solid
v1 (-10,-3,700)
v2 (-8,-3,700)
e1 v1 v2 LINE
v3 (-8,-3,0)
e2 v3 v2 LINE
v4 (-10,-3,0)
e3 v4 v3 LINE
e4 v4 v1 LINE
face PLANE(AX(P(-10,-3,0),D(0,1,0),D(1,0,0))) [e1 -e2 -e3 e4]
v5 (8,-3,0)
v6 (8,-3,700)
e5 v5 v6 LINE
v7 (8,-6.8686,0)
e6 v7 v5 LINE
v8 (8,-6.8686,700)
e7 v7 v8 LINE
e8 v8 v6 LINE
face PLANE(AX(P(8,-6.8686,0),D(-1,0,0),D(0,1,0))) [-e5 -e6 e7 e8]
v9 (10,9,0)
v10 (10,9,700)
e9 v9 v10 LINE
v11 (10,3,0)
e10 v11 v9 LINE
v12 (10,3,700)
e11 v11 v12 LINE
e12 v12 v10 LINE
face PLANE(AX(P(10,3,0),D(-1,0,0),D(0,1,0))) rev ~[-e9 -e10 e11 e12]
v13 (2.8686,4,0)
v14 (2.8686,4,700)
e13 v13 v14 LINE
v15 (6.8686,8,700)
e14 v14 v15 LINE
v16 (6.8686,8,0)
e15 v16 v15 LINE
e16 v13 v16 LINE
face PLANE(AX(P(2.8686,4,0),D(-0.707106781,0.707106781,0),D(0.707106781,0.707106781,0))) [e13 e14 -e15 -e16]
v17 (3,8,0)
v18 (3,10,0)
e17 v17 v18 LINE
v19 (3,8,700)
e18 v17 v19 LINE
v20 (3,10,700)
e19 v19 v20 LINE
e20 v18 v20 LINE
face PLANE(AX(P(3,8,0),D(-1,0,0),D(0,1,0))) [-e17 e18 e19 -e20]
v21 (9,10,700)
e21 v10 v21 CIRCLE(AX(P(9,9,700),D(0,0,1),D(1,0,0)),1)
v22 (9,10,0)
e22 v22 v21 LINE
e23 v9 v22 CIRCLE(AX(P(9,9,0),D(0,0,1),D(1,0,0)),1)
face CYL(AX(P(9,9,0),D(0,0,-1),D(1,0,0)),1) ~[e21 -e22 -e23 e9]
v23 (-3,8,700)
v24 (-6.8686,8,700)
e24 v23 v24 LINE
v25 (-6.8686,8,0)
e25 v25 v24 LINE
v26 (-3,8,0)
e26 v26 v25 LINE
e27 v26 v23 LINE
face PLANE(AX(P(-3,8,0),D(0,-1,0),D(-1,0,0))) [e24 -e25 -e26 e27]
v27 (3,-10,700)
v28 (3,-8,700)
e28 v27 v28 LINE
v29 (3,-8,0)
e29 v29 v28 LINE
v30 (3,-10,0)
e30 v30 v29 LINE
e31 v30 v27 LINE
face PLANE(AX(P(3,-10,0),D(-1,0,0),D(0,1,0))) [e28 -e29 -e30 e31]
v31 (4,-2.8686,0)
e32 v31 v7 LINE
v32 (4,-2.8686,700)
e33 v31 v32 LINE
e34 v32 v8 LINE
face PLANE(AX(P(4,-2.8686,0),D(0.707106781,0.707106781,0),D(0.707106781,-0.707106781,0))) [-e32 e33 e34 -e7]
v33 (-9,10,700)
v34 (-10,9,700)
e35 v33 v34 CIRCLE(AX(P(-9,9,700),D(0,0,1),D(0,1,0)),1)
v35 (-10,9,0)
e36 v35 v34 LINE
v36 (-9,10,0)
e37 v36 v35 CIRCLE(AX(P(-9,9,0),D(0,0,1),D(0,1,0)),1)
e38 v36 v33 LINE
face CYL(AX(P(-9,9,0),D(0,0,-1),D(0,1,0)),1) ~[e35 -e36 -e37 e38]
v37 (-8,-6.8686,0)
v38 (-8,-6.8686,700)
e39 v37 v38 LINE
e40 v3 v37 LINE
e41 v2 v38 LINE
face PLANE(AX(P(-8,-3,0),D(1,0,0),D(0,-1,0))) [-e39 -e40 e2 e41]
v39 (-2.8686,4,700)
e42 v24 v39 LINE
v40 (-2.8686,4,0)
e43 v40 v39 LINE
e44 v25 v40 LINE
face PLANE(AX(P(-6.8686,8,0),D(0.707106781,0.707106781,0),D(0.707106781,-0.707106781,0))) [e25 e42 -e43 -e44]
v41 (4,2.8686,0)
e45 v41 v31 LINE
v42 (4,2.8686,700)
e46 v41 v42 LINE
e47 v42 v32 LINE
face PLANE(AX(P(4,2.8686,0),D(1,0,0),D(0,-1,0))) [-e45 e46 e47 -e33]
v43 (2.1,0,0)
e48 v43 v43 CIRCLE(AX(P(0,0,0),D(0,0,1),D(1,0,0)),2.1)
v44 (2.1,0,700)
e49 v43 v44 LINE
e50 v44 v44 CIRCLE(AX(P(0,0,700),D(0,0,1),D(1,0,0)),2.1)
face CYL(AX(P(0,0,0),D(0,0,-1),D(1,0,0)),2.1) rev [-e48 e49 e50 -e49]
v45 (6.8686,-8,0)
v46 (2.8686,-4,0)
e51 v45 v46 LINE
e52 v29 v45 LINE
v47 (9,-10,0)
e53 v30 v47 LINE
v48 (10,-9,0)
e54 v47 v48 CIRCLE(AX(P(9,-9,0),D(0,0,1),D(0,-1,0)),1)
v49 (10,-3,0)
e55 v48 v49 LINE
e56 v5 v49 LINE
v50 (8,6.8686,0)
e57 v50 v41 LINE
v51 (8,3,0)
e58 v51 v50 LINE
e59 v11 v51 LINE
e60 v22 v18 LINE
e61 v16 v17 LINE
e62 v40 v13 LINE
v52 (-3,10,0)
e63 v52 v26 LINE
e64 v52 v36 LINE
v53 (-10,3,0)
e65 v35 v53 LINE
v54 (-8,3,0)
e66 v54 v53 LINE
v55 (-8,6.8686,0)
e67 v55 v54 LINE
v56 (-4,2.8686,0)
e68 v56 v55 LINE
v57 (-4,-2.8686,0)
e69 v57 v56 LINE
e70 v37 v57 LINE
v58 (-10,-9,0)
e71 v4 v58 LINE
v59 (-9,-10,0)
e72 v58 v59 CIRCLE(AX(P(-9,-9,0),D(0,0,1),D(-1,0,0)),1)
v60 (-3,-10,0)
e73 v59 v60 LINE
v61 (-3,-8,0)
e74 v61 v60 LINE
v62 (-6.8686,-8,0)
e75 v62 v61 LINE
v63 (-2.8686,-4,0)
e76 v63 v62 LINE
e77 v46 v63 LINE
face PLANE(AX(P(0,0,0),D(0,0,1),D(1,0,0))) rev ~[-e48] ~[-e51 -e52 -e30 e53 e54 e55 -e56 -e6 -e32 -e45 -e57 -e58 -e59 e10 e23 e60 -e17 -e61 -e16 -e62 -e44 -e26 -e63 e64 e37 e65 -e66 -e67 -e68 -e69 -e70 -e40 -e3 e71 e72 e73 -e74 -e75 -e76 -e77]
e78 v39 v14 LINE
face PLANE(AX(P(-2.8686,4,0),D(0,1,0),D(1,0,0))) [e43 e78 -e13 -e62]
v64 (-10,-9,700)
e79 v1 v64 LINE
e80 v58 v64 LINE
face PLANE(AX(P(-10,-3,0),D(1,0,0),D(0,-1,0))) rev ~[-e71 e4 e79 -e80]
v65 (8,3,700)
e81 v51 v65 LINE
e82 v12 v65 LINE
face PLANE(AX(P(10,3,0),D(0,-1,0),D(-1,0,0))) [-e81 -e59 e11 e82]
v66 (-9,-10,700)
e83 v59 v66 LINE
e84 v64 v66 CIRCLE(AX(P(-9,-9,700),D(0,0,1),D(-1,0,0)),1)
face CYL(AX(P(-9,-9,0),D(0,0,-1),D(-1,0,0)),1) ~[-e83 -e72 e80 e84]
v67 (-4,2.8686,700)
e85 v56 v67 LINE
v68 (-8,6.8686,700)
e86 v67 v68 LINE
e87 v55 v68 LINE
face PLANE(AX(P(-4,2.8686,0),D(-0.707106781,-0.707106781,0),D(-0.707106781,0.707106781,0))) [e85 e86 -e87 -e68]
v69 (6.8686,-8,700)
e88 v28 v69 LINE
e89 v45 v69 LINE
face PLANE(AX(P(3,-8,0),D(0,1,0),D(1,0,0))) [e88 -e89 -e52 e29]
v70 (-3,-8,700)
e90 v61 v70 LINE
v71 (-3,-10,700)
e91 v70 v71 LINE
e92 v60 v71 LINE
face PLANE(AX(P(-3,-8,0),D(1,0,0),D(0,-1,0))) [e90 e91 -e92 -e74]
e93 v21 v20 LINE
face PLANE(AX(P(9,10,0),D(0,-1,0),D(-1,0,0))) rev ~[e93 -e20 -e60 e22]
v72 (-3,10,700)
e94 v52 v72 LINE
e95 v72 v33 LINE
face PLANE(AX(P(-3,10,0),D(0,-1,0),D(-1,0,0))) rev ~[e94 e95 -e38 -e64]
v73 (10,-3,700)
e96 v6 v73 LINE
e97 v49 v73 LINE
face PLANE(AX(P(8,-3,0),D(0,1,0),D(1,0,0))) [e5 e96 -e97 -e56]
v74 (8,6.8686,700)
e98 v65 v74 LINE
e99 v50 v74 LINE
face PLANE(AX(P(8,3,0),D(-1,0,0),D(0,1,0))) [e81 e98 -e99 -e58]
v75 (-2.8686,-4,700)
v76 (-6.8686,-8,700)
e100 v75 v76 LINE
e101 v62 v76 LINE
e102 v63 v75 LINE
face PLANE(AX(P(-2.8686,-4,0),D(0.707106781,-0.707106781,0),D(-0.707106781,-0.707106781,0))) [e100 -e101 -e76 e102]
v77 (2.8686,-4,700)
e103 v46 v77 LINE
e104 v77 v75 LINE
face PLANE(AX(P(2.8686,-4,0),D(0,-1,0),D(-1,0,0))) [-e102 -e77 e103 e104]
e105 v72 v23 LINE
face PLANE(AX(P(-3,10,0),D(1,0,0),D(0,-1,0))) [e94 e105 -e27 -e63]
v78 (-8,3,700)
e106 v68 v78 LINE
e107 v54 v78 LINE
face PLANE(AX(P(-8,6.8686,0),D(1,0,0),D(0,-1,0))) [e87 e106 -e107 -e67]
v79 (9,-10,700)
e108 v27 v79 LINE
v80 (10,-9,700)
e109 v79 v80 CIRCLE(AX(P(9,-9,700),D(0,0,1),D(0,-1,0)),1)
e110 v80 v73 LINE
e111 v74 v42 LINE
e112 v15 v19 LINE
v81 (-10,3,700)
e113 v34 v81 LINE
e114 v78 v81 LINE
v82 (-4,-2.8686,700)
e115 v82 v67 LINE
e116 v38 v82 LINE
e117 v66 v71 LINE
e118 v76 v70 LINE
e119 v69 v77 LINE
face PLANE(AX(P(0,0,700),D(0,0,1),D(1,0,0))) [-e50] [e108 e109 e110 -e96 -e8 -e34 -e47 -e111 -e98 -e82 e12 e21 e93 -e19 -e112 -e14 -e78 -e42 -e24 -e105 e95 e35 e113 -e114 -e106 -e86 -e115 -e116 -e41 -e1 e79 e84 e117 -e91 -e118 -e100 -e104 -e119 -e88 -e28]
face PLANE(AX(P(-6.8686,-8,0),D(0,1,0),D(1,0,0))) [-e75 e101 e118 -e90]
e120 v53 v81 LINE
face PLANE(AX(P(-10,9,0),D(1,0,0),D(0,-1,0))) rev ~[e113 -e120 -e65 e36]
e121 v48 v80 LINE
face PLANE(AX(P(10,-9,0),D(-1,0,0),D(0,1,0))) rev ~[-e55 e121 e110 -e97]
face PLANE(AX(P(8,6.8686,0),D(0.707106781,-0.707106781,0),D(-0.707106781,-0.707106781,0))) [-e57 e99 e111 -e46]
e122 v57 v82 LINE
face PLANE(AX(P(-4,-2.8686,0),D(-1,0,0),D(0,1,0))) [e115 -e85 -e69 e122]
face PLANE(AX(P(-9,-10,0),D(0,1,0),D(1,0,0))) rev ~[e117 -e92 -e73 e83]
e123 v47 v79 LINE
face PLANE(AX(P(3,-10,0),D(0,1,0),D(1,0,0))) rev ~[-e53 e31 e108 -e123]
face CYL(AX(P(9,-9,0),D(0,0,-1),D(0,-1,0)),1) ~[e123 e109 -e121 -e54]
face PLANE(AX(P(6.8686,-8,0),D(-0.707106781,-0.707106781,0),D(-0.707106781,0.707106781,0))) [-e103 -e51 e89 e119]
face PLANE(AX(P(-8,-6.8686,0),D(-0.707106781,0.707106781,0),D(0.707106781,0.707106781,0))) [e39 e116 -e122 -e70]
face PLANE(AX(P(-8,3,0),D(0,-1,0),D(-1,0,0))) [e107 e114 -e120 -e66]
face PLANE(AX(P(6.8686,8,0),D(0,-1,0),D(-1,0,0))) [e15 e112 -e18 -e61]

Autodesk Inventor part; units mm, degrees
ref_plane "YZ Plane" through (0, 0, 0) normal (1, 0, 0) x (0, 1, 0)
ref_plane "XZ Plane" through (0, 0, 0) normal (0, 1, 0) x (-1, 0, 0)
ref_plane "XY Plane" through (0, 0, 0) normal (0, 0, 1) x (1, 0, 0)
sketch "スケッチ1" plane through (0, 0, 0) normal (0, 0, 1) x (1, 0, 0)
  line L0 (-10, -10) -> (10, 10) construction
  line L1 (10, -10) -> (-10, 10) construction
  line L2 (10, 3) -> (8, 3)
  line L3 (8, 3) -> (8, 6.8686)
  line L4 (8, 6.8686) -> (4, 2.8686)
  line L5 (4, 2.8686) -> (4, -2.8686)
  line L6 (4, -2.8686) -> (8, -6.8686)
  line L7 (8, -6.8686) -> (8, -3)
  line L8 (8, -3) -> (10, -3)
  line L9 (-10, 0) -> (10, 0) construction
  line L10 (-3, 10) -> (-3, 8)
  line L11 (-3, 8) -> (-6.8686, 8)
  line L12 (-6.8686, 8) -> (-2.8686, 4)
  line L13 (-2.8686, 4) -> (2.8686, 4)
  line L14 (3, 8) -> (3, 10)
  line L15 (2.8686, 4) -> (6.8686, 8)
  line L16 (6.8686, 8) -> (3, 8)
  line L17 (-10, -3) -> (-8, -3)
  line L18 (-8, -3) -> (-8, -6.8686)
  line L19 (-8, -6.8686) -> (-4, -2.8686)
  line L20 (-4, -2.8686) -> (-4, 2.8686)
  line L21 (-8, 3) -> (-10, 3)
  line L22 (-4, 2.8686) -> (-8, 6.8686)
  line L23 (-8, 6.8686) -> (-8, 3)
  line L24 (3, -10) -> (3, -8)
  line L25 (3, -8) -> (6.8686, -8)
  line L26 (6.8686, -8) -> (2.8686, -4)
  line L27 (2.8686, -4) -> (-2.8686, -4)
  line L28 (-3, -8) -> (-3, -10)
  line L29 (-2.8686, -4) -> (-6.8686, -8)
  line L30 (-6.8686, -8) -> (-3, -8)
  line L31 (9, 10) -> (3, 10)
  line L32 (-3, 10) -> (-9, 10)
  line L33 (-10, 9) -> (-10, 3)
  line L34 (-10, -3) -> (-10, -9)
  line L35 (-9, -10) -> (-3, -10)
  line L36 (3, -10) -> (9, -10)
  line L37 (10, -9) -> (10, -3)
  line L38 (10, 3) -> (10, 9)
  circle A0 centre (0, 0) radius 2.1
  arc A1 (-9, 10) -> (-10, 9) centre (-9, 9) ccw
  arc A2 (-10, -9) -> (-9, -10) centre (-9, -9) ccw
  arc A3 (9, -10) -> (10, -9) centre (9, -9) ccw
  arc A4 (10, 9) -> (9, 10) centre (9, 9) ccw
  point P0 (0, 10)
  point P1 (-10, 0)
  point P2 (0, -10)
  dimension "d0" = 2
  dimension "d1" = 6
  dimension "d2" = 4
  dimension "d3" = 0.8
  dimension "d9" = 20
  dimension "d10" = 4.2
  dimension "d11" = 1
extrude "押し出し1" add sketch "スケッチ1" along normal blind 700
properties part number "高剛性フレーム"
